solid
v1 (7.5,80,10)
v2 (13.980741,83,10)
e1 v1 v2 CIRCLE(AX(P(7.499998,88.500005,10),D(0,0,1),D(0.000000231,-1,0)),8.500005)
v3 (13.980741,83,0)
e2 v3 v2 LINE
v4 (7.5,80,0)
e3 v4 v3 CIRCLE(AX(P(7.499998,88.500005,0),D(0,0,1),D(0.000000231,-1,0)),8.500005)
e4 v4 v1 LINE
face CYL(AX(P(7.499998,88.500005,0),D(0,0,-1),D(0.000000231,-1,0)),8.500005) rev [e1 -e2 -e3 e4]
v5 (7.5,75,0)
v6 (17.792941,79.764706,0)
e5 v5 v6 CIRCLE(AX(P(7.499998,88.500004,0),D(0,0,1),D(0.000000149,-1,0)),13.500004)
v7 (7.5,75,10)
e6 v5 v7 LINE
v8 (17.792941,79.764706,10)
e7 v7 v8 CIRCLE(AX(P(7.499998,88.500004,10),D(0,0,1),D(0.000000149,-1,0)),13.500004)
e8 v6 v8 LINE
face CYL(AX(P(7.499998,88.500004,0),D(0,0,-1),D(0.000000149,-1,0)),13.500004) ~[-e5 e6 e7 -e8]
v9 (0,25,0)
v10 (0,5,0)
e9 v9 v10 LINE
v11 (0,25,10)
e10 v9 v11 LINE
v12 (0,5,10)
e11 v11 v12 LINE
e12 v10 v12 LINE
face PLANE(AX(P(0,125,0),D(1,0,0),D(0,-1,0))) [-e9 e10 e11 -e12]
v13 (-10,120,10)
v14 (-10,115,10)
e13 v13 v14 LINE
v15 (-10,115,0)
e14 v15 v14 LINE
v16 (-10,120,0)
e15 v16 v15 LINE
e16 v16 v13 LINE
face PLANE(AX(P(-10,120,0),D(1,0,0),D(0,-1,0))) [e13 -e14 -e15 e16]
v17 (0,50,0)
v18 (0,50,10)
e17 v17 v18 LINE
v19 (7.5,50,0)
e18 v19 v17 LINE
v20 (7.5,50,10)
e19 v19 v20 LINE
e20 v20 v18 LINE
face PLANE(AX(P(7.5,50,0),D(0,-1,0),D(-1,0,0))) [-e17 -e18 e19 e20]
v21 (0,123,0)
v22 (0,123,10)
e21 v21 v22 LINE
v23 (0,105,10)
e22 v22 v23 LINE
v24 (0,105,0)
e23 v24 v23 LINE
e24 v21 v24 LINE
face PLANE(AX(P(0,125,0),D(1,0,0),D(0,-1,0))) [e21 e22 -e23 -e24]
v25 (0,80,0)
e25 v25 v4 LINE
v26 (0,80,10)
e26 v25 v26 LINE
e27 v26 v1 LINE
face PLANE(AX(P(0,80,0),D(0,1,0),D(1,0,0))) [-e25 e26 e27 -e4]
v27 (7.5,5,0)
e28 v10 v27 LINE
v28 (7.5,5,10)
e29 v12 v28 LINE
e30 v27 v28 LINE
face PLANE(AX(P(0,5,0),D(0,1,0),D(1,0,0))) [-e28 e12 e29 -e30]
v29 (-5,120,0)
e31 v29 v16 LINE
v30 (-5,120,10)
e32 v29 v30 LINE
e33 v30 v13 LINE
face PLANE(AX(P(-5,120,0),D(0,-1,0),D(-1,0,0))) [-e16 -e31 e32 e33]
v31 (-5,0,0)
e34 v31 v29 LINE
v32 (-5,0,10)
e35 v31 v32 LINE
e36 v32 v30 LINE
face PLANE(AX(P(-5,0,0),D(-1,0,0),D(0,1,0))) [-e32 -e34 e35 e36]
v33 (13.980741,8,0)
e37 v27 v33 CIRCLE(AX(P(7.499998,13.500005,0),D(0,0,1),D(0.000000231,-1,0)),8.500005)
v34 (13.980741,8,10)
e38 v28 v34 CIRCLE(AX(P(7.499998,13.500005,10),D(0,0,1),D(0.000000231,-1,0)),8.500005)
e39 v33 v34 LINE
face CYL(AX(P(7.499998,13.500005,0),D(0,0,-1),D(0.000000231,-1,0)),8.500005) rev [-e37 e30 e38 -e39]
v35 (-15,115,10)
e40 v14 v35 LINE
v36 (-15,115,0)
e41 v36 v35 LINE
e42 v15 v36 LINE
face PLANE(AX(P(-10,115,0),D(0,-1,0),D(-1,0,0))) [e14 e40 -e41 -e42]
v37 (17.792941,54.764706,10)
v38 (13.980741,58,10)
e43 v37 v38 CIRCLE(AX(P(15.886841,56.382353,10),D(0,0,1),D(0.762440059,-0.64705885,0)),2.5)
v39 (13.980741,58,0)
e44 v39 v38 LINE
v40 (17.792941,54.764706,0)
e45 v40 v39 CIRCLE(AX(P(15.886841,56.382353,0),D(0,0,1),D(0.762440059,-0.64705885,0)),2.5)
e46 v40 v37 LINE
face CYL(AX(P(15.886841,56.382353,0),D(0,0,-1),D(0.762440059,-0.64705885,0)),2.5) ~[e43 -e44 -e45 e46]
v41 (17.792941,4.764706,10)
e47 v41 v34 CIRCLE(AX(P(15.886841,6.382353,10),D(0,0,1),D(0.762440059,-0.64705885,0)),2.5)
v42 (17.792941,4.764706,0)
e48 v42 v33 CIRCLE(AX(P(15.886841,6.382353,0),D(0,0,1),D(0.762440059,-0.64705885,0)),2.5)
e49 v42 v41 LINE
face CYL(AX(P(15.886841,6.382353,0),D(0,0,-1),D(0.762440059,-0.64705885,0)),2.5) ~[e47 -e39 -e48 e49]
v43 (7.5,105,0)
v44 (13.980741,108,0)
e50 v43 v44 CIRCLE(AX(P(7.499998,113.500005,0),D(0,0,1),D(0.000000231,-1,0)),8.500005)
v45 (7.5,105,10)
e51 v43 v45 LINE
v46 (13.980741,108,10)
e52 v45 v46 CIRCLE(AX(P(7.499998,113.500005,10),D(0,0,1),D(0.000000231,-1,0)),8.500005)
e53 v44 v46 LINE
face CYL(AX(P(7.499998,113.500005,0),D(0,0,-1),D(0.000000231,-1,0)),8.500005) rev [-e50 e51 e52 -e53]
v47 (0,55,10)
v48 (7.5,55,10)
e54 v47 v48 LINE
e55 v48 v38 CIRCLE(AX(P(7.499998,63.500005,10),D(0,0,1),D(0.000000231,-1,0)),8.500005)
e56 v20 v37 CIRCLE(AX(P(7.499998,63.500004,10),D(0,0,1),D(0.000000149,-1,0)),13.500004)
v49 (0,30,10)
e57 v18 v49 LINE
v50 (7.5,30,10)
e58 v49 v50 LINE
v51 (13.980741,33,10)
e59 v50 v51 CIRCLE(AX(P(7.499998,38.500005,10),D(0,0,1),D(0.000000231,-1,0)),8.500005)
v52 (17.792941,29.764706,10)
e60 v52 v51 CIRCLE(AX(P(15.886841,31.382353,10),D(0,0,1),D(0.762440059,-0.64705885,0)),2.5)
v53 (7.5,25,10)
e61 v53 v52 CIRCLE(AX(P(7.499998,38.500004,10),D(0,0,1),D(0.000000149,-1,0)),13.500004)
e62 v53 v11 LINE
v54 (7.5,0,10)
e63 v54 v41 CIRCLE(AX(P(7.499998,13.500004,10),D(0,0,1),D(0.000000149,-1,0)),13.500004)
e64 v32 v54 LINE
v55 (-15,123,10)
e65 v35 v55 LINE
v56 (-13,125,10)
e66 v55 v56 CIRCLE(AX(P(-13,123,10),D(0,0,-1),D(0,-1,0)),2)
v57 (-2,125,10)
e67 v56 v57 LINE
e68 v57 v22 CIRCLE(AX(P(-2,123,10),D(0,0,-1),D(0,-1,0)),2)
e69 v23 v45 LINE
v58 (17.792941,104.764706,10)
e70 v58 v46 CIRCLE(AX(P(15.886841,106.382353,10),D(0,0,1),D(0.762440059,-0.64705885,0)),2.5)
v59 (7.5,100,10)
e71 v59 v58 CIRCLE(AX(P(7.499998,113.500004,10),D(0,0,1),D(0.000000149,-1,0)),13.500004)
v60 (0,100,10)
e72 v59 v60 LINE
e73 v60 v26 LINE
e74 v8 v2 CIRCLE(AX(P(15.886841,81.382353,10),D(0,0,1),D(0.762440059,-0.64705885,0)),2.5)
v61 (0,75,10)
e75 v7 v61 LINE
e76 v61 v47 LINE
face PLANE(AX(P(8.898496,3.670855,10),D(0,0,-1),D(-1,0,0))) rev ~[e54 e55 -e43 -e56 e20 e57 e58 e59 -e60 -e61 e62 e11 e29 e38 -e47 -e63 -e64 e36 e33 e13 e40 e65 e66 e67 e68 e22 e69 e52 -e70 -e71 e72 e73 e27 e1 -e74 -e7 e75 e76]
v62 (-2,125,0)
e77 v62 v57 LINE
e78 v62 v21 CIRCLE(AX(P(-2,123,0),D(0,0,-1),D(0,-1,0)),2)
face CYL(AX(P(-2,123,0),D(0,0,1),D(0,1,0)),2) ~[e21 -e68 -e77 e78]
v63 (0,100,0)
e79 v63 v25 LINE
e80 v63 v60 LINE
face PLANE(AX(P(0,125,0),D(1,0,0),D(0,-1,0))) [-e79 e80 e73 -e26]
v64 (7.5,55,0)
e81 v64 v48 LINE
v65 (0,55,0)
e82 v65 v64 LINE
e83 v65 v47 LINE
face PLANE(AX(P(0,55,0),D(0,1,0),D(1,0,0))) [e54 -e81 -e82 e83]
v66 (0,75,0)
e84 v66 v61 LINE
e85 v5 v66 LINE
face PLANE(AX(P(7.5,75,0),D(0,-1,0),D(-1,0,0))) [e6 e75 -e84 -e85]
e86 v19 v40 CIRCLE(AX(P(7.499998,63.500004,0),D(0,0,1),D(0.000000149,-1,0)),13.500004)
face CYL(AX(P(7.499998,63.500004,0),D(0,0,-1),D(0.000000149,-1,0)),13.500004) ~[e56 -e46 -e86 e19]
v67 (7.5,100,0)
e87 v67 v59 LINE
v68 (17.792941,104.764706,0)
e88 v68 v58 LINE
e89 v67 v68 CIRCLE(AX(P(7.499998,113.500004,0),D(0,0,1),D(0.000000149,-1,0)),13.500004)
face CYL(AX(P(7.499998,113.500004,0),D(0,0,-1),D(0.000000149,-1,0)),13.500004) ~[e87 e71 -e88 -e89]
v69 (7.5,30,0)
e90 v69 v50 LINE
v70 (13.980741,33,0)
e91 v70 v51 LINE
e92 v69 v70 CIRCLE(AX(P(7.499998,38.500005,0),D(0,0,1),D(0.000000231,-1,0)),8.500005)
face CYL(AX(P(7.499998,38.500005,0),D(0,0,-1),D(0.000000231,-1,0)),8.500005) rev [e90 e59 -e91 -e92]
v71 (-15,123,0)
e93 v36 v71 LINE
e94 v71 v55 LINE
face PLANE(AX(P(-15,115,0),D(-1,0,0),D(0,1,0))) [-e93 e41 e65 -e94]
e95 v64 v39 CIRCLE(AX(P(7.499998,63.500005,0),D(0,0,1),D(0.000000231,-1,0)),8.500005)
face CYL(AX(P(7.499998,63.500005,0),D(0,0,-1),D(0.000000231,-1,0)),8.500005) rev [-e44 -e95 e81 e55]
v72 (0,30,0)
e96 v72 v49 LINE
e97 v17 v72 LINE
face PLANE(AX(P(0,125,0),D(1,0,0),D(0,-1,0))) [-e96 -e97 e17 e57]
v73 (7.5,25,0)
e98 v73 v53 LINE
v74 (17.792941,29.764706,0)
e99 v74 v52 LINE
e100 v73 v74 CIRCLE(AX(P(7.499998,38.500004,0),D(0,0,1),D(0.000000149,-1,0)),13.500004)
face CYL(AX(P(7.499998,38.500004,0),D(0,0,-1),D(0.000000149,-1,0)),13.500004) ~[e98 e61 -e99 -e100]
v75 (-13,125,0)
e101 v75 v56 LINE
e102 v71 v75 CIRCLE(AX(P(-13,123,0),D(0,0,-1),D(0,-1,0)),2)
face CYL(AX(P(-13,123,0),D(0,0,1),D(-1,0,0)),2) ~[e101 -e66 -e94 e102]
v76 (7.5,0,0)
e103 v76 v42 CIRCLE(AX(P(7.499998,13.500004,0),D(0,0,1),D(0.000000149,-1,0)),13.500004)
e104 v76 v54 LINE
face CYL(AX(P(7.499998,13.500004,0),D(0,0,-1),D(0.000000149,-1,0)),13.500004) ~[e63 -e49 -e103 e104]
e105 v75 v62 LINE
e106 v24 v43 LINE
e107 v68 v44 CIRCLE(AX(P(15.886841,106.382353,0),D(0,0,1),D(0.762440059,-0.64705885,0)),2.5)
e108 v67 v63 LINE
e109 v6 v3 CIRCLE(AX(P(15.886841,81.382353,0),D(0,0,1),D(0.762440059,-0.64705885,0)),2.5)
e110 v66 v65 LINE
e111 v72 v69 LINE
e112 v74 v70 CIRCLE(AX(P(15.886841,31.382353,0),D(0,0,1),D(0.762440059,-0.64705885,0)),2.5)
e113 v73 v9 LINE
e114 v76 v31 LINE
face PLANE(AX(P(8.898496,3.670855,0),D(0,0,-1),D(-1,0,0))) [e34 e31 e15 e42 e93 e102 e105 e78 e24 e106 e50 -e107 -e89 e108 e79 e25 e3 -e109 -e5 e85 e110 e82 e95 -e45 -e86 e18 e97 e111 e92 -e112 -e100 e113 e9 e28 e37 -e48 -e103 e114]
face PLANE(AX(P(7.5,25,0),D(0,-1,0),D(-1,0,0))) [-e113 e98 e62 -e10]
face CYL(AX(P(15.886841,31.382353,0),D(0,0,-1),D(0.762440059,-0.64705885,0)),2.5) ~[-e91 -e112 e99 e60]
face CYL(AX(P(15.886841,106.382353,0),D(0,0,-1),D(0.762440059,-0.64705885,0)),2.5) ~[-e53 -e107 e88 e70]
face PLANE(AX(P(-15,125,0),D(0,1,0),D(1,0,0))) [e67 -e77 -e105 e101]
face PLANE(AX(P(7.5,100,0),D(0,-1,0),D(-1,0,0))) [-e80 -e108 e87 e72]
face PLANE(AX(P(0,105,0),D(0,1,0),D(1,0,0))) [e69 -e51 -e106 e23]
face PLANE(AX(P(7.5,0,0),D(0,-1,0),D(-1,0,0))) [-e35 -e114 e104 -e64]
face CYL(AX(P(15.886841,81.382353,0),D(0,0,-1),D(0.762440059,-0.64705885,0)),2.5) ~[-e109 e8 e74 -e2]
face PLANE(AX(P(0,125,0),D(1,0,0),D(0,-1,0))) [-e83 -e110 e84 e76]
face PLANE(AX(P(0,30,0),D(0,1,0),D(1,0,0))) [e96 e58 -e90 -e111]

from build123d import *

# Parameters (mm, degrees)
PAD_DEPTH           = 10
PAD001_DEPTH        = 10
LINEARPATTERN_COUNT = 5
LINEARPATTERN_PITCH = 25
FILLET_R            = 2


with BuildPart() as part:
    # Sketch → Pad (new body)
    with BuildSketch(Plane.XY):
        Polygon((-5, 0), (-5, 120), (-10, 120), (-10, 115), (-15, 115), (-15, 125), (0, 125), (0, 0), align=None)
    extrude(amount=PAD_DEPTH)

    # Sketch001 → Pad001 (join)
    with BuildSketch(Plane.XY):
        with BuildLine():
            Line((0, 0), (0, 5))
            Line((0, 5), (7.5, 5))
            ThreePointArc((7.5, 5), (11.070714, 5.786376), (13.980741, 8))
            ThreePointArc((17.792941, 4.764706), (17.504488, 8.288453), (13.980741, 8))
            ThreePointArc((7.5, 0), (13.171134, 1.24895), (17.792941, 4.764706))
            Line((7.5, 0), (0, 0))
        make_face()
    pad001 = extrude(amount=PAD001_DEPTH)

    # LinearPattern: Pad001 ×5
    with Locations(*[(0, i * LINEARPATTERN_PITCH, 0) for i in range(1, LINEARPATTERN_COUNT)]):
        add(pad001)

    # Fillet
    fillet_edges = [part.edges().sort_by_distance(p)[0] for p in [
        (0, 125, 5),
        (-15, 125, 5),
    ]]
    fillet(fillet_edges, radius=FILLET_R)


solid = part.part
